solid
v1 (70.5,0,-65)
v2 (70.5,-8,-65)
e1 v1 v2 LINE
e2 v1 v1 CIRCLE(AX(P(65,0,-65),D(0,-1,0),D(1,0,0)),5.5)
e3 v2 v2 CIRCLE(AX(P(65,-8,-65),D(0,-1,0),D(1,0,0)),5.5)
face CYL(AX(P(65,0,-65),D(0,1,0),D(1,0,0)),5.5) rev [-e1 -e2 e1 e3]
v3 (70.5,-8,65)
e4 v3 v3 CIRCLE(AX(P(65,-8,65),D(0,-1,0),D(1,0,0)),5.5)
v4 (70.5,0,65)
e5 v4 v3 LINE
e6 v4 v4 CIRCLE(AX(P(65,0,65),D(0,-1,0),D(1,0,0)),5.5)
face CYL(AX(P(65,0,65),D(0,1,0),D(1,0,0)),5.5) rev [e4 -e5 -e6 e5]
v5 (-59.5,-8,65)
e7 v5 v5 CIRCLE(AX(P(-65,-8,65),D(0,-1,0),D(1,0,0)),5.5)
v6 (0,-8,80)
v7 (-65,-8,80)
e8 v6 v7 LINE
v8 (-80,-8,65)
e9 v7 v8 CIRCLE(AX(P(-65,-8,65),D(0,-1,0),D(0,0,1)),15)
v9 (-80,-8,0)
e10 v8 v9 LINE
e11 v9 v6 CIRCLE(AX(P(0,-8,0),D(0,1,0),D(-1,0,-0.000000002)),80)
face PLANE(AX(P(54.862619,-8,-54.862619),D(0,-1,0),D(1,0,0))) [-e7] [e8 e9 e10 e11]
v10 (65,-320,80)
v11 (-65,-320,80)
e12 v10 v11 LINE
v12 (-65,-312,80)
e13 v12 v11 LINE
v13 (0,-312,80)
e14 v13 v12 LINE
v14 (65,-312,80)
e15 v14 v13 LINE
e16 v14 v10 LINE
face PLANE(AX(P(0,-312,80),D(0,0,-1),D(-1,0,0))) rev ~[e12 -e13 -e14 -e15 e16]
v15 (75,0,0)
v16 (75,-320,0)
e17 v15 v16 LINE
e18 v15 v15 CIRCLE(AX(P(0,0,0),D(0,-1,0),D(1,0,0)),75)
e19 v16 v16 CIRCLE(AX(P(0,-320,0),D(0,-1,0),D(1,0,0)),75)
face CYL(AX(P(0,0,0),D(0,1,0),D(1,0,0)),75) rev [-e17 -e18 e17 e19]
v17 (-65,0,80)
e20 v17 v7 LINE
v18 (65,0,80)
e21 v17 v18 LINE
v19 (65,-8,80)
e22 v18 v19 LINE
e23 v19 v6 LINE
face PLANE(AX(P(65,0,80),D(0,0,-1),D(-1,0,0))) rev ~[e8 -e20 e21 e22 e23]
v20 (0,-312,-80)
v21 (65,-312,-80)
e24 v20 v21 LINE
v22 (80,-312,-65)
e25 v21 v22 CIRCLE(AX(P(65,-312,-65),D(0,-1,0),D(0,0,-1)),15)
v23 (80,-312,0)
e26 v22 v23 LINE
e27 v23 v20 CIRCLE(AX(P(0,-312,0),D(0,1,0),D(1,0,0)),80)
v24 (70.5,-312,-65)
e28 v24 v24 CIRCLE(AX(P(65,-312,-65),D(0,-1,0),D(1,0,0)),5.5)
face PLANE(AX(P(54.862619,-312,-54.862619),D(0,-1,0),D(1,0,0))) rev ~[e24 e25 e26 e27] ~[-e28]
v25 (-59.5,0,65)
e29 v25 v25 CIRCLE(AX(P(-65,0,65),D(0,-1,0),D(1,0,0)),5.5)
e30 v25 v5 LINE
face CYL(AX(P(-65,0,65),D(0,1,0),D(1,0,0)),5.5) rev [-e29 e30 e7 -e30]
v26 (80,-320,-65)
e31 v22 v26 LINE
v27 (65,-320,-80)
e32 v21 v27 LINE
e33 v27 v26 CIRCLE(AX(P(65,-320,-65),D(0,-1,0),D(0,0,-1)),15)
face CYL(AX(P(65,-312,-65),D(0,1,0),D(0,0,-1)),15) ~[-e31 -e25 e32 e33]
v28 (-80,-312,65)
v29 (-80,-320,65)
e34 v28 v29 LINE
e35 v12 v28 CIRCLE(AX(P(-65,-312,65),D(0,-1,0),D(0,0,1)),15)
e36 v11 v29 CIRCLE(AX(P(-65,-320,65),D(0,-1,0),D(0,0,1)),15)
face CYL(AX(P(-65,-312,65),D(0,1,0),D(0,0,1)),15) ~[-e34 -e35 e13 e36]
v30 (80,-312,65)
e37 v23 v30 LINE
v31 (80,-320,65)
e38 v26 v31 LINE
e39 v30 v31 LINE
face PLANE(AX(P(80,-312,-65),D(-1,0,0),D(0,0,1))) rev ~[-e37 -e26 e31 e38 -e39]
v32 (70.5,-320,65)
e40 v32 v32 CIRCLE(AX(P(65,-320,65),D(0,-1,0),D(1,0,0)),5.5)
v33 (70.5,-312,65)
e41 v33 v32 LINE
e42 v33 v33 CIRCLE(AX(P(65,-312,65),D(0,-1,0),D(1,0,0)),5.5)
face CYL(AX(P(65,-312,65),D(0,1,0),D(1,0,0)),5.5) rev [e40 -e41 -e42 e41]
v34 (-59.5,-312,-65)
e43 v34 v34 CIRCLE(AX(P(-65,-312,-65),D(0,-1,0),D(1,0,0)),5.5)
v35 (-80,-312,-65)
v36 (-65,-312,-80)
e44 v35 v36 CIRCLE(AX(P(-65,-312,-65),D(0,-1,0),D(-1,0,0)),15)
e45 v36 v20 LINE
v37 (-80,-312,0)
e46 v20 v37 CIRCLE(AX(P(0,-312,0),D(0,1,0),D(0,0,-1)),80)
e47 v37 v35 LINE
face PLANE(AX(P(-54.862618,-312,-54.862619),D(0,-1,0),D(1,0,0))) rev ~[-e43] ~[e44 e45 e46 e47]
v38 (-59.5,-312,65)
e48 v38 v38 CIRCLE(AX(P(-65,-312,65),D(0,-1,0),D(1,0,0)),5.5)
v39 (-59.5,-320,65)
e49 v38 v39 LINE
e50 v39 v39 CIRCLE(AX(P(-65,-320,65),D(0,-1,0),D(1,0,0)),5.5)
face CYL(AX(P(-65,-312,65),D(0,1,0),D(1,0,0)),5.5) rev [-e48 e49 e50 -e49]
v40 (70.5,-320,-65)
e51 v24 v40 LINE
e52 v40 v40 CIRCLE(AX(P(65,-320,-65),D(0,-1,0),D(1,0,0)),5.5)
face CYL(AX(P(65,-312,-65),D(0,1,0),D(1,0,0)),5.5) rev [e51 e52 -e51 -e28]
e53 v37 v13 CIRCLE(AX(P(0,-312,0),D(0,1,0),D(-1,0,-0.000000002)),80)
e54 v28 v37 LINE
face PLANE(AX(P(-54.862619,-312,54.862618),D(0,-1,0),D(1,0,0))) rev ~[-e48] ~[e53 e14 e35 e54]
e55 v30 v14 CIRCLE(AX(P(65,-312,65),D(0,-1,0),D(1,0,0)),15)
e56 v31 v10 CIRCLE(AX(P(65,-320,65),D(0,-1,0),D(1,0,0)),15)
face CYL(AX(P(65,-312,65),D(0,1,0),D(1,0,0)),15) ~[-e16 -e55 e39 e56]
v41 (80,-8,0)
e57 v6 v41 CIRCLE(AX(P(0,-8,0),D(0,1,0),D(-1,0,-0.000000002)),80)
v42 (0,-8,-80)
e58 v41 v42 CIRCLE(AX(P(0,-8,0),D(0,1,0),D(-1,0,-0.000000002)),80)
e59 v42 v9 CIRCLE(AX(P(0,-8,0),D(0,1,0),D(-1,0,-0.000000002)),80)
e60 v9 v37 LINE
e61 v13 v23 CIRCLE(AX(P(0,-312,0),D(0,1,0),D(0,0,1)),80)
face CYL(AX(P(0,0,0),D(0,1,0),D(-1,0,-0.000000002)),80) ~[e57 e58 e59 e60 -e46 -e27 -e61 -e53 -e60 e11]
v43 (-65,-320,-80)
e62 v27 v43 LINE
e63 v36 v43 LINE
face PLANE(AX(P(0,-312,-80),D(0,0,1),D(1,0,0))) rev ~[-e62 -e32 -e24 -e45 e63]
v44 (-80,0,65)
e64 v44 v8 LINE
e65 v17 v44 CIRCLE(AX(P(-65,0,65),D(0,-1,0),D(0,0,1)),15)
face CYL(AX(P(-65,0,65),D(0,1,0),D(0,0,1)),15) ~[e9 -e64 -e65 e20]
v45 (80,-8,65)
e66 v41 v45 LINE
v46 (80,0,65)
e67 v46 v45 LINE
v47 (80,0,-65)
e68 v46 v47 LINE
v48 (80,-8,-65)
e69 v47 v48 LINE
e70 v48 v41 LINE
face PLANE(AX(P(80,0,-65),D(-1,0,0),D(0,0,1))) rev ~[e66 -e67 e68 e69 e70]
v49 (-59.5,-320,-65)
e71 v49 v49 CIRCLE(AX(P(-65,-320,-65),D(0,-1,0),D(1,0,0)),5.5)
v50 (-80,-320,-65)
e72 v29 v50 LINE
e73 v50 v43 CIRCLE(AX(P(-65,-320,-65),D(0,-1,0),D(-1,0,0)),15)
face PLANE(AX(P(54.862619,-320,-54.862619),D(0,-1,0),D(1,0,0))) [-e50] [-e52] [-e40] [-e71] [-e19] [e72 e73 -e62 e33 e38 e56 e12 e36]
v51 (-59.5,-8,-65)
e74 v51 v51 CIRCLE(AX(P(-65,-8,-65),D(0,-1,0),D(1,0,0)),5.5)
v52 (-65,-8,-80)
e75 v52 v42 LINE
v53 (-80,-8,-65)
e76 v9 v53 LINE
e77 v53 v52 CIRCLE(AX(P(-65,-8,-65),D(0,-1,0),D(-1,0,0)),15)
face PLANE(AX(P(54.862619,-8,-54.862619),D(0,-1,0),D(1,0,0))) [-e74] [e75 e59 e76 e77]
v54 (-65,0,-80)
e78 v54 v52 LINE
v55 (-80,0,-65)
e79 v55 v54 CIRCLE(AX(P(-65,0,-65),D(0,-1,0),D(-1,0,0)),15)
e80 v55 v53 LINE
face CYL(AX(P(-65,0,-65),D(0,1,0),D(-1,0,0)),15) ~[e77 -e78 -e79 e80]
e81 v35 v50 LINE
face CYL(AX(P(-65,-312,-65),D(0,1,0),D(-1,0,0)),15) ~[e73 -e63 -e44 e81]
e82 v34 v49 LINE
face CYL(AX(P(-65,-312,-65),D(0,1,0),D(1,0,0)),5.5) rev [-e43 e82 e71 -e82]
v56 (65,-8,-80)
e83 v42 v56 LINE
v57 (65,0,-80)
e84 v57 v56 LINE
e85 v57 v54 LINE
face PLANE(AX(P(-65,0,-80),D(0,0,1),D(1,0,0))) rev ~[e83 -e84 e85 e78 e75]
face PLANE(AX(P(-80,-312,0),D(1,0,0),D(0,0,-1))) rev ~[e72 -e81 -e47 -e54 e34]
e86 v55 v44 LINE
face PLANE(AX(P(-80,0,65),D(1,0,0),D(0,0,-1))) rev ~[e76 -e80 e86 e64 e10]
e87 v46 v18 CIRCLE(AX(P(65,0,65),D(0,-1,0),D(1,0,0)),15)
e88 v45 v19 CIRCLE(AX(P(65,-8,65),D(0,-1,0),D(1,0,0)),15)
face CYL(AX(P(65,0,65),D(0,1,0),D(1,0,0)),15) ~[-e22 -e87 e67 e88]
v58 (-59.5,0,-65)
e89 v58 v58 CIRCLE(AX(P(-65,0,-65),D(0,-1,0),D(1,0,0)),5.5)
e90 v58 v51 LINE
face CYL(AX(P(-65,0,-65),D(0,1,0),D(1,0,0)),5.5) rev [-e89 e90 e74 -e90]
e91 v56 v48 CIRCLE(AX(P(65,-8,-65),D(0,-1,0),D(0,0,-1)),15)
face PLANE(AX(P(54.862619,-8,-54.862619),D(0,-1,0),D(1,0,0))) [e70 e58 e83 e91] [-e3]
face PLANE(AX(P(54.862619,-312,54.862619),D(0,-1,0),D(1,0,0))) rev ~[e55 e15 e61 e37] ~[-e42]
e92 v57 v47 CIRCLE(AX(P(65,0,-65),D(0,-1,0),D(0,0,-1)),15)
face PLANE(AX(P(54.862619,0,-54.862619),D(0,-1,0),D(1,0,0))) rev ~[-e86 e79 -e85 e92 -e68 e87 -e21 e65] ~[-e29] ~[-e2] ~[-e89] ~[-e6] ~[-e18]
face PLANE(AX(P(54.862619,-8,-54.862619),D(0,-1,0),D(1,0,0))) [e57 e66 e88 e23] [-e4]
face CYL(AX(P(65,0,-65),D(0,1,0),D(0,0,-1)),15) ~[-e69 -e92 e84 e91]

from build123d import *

# Parameters (mm, degrees)
F1_R     = 5.5
F1_R_2   = 75
F2_DEPTH = 8
F3_DEPTH = 320
F4_START = 312
F4_DEPTH = 8


with BuildPart() as f2:
    # F1 (on Front) → F2 (new body)
    with BuildSketch(Plane.XZ):
        with BuildLine():
            Line((0, -80), (65, -80))
            ThreePointArc((65, -80), (75.6066017178, -75.6066017178), (80, -65))
            Line((80, -65), (80, 0))
            ThreePointArc((80, 0), (56.5685424949, -56.5685424949), (0, -80))
        make_face()
        with Locations((65, -65)):
            Circle(F1_R, mode=Mode.SUBTRACT)
        with BuildLine():
            Line((-65, -80), (0, -80))
            ThreePointArc((0, -80), (-56.5685424251, -56.5685425648), (-80, -1.976e-07))
            Line((-80, -1.976e-07), (-80, -65))
            ThreePointArc((-80, -65), (-75.6066017178, -75.6066017178), (-65, -80))
        make_face()
        with Locations((-65, -65)):
            Circle(F1_R, mode=Mode.SUBTRACT)
        with BuildLine():
            ThreePointArc((-80, -1.976e-07), (-56.5685424251, -56.5685425648), (0, -80))
            ThreePointArc((0, -80), (56.5685424949, -56.5685424949), (80, 0))
            ThreePointArc((80, 0), (56.5685424949, 56.5685424949), (0, 80))
            ThreePointArc((0, 80), (-56.5685425648, 56.5685424251), (-80, -1.976e-07))
        make_face()
        Circle(F1_R_2, mode=Mode.SUBTRACT)
        with BuildLine():
            Line((-80, 65), (-80, -1.976e-07))
            ThreePointArc((-80, -1.976e-07), (-56.5685425648, 56.5685424251), (0, 80))
            Line((0, 80), (-65, 80))
            ThreePointArc((-65, 80), (-75.6066017178, 75.6066017178), (-80, 65))
        make_face()
        with Locations((-65, 65)):
            Circle(F1_R, mode=Mode.SUBTRACT)
        with BuildLine():
            ThreePointArc((0, 80), (56.5685424949, 56.5685424949), (80, 0))
            Line((80, 0), (80, 65))
            ThreePointArc((80, 65), (75.6066017178, 75.6066017178), (65, 80))
            Line((65, 80), (0, 80))
        make_face()
        with Locations((65, 65)):
            Circle(F1_R, mode=Mode.SUBTRACT)
    extrude(amount=F2_DEPTH)

    # F1 (on Front) → F3 (join, through all)
    with BuildSketch(Plane.XZ):
        with BuildLine():
            ThreePointArc((-80, -1.976e-07), (-56.5685424251, -56.5685425648), (0, -80))
            ThreePointArc((0, -80), (56.5685424949, -56.5685424949), (80, 0))
            ThreePointArc((80, 0), (56.5685424949, 56.5685424949), (0, 80))
            ThreePointArc((0, 80), (-56.5685425648, 56.5685424251), (-80, -1.976e-07))
        make_face()
        Circle(F1_R_2, mode=Mode.SUBTRACT)
    extrude(amount=F3_DEPTH)

    # F1 (on Front) → F4 (join)
    with BuildSketch(Plane.XZ.offset(F4_START)):
        with BuildLine():
            Line((0, -80), (65, -80))
            ThreePointArc((65, -80), (75.6066017178, -75.6066017178), (80, -65))
            Line((80, -65), (80, 0))
            ThreePointArc((80, 0), (56.5685424949, -56.5685424949), (0, -80))
        make_face()
        with Locations((65, -65)):
            Circle(F1_R, mode=Mode.SUBTRACT)
        with BuildLine():
            Line((-65, -80), (0, -80))
            ThreePointArc((0, -80), (-56.5685424251, -56.5685425648), (-80, -1.976e-07))
            Line((-80, -1.976e-07), (-80, -65))
            ThreePointArc((-80, -65), (-75.6066017178, -75.6066017178), (-65, -80))
        make_face()
        with Locations((-65, -65)):
            Circle(F1_R, mode=Mode.SUBTRACT)
        with BuildLine():
            ThreePointArc((0, 80), (56.5685424949, 56.5685424949), (80, 0))
            Line((80, 0), (80, 65))
            ThreePointArc((80, 65), (75.6066017178, 75.6066017178), (65, 80))
            Line((65, 80), (0, 80))
        make_face()
        with Locations((65, 65)):
            Circle(F1_R, mode=Mode.SUBTRACT)
        with BuildLine():
            Line((-80, 65), (-80, -1.976e-07))
            ThreePointArc((-80, -1.976e-07), (-56.5685425648, 56.5685424251), (0, 80))
            Line((0, 80), (-65, 80))
            ThreePointArc((-65, 80), (-75.6066017178, 75.6066017178), (-80, 65))
        make_face()
        with Locations((-65, 65)):
            Circle(F1_R, mode=Mode.SUBTRACT)
    extrude(amount=F4_DEPTH)


solid = f2.part
